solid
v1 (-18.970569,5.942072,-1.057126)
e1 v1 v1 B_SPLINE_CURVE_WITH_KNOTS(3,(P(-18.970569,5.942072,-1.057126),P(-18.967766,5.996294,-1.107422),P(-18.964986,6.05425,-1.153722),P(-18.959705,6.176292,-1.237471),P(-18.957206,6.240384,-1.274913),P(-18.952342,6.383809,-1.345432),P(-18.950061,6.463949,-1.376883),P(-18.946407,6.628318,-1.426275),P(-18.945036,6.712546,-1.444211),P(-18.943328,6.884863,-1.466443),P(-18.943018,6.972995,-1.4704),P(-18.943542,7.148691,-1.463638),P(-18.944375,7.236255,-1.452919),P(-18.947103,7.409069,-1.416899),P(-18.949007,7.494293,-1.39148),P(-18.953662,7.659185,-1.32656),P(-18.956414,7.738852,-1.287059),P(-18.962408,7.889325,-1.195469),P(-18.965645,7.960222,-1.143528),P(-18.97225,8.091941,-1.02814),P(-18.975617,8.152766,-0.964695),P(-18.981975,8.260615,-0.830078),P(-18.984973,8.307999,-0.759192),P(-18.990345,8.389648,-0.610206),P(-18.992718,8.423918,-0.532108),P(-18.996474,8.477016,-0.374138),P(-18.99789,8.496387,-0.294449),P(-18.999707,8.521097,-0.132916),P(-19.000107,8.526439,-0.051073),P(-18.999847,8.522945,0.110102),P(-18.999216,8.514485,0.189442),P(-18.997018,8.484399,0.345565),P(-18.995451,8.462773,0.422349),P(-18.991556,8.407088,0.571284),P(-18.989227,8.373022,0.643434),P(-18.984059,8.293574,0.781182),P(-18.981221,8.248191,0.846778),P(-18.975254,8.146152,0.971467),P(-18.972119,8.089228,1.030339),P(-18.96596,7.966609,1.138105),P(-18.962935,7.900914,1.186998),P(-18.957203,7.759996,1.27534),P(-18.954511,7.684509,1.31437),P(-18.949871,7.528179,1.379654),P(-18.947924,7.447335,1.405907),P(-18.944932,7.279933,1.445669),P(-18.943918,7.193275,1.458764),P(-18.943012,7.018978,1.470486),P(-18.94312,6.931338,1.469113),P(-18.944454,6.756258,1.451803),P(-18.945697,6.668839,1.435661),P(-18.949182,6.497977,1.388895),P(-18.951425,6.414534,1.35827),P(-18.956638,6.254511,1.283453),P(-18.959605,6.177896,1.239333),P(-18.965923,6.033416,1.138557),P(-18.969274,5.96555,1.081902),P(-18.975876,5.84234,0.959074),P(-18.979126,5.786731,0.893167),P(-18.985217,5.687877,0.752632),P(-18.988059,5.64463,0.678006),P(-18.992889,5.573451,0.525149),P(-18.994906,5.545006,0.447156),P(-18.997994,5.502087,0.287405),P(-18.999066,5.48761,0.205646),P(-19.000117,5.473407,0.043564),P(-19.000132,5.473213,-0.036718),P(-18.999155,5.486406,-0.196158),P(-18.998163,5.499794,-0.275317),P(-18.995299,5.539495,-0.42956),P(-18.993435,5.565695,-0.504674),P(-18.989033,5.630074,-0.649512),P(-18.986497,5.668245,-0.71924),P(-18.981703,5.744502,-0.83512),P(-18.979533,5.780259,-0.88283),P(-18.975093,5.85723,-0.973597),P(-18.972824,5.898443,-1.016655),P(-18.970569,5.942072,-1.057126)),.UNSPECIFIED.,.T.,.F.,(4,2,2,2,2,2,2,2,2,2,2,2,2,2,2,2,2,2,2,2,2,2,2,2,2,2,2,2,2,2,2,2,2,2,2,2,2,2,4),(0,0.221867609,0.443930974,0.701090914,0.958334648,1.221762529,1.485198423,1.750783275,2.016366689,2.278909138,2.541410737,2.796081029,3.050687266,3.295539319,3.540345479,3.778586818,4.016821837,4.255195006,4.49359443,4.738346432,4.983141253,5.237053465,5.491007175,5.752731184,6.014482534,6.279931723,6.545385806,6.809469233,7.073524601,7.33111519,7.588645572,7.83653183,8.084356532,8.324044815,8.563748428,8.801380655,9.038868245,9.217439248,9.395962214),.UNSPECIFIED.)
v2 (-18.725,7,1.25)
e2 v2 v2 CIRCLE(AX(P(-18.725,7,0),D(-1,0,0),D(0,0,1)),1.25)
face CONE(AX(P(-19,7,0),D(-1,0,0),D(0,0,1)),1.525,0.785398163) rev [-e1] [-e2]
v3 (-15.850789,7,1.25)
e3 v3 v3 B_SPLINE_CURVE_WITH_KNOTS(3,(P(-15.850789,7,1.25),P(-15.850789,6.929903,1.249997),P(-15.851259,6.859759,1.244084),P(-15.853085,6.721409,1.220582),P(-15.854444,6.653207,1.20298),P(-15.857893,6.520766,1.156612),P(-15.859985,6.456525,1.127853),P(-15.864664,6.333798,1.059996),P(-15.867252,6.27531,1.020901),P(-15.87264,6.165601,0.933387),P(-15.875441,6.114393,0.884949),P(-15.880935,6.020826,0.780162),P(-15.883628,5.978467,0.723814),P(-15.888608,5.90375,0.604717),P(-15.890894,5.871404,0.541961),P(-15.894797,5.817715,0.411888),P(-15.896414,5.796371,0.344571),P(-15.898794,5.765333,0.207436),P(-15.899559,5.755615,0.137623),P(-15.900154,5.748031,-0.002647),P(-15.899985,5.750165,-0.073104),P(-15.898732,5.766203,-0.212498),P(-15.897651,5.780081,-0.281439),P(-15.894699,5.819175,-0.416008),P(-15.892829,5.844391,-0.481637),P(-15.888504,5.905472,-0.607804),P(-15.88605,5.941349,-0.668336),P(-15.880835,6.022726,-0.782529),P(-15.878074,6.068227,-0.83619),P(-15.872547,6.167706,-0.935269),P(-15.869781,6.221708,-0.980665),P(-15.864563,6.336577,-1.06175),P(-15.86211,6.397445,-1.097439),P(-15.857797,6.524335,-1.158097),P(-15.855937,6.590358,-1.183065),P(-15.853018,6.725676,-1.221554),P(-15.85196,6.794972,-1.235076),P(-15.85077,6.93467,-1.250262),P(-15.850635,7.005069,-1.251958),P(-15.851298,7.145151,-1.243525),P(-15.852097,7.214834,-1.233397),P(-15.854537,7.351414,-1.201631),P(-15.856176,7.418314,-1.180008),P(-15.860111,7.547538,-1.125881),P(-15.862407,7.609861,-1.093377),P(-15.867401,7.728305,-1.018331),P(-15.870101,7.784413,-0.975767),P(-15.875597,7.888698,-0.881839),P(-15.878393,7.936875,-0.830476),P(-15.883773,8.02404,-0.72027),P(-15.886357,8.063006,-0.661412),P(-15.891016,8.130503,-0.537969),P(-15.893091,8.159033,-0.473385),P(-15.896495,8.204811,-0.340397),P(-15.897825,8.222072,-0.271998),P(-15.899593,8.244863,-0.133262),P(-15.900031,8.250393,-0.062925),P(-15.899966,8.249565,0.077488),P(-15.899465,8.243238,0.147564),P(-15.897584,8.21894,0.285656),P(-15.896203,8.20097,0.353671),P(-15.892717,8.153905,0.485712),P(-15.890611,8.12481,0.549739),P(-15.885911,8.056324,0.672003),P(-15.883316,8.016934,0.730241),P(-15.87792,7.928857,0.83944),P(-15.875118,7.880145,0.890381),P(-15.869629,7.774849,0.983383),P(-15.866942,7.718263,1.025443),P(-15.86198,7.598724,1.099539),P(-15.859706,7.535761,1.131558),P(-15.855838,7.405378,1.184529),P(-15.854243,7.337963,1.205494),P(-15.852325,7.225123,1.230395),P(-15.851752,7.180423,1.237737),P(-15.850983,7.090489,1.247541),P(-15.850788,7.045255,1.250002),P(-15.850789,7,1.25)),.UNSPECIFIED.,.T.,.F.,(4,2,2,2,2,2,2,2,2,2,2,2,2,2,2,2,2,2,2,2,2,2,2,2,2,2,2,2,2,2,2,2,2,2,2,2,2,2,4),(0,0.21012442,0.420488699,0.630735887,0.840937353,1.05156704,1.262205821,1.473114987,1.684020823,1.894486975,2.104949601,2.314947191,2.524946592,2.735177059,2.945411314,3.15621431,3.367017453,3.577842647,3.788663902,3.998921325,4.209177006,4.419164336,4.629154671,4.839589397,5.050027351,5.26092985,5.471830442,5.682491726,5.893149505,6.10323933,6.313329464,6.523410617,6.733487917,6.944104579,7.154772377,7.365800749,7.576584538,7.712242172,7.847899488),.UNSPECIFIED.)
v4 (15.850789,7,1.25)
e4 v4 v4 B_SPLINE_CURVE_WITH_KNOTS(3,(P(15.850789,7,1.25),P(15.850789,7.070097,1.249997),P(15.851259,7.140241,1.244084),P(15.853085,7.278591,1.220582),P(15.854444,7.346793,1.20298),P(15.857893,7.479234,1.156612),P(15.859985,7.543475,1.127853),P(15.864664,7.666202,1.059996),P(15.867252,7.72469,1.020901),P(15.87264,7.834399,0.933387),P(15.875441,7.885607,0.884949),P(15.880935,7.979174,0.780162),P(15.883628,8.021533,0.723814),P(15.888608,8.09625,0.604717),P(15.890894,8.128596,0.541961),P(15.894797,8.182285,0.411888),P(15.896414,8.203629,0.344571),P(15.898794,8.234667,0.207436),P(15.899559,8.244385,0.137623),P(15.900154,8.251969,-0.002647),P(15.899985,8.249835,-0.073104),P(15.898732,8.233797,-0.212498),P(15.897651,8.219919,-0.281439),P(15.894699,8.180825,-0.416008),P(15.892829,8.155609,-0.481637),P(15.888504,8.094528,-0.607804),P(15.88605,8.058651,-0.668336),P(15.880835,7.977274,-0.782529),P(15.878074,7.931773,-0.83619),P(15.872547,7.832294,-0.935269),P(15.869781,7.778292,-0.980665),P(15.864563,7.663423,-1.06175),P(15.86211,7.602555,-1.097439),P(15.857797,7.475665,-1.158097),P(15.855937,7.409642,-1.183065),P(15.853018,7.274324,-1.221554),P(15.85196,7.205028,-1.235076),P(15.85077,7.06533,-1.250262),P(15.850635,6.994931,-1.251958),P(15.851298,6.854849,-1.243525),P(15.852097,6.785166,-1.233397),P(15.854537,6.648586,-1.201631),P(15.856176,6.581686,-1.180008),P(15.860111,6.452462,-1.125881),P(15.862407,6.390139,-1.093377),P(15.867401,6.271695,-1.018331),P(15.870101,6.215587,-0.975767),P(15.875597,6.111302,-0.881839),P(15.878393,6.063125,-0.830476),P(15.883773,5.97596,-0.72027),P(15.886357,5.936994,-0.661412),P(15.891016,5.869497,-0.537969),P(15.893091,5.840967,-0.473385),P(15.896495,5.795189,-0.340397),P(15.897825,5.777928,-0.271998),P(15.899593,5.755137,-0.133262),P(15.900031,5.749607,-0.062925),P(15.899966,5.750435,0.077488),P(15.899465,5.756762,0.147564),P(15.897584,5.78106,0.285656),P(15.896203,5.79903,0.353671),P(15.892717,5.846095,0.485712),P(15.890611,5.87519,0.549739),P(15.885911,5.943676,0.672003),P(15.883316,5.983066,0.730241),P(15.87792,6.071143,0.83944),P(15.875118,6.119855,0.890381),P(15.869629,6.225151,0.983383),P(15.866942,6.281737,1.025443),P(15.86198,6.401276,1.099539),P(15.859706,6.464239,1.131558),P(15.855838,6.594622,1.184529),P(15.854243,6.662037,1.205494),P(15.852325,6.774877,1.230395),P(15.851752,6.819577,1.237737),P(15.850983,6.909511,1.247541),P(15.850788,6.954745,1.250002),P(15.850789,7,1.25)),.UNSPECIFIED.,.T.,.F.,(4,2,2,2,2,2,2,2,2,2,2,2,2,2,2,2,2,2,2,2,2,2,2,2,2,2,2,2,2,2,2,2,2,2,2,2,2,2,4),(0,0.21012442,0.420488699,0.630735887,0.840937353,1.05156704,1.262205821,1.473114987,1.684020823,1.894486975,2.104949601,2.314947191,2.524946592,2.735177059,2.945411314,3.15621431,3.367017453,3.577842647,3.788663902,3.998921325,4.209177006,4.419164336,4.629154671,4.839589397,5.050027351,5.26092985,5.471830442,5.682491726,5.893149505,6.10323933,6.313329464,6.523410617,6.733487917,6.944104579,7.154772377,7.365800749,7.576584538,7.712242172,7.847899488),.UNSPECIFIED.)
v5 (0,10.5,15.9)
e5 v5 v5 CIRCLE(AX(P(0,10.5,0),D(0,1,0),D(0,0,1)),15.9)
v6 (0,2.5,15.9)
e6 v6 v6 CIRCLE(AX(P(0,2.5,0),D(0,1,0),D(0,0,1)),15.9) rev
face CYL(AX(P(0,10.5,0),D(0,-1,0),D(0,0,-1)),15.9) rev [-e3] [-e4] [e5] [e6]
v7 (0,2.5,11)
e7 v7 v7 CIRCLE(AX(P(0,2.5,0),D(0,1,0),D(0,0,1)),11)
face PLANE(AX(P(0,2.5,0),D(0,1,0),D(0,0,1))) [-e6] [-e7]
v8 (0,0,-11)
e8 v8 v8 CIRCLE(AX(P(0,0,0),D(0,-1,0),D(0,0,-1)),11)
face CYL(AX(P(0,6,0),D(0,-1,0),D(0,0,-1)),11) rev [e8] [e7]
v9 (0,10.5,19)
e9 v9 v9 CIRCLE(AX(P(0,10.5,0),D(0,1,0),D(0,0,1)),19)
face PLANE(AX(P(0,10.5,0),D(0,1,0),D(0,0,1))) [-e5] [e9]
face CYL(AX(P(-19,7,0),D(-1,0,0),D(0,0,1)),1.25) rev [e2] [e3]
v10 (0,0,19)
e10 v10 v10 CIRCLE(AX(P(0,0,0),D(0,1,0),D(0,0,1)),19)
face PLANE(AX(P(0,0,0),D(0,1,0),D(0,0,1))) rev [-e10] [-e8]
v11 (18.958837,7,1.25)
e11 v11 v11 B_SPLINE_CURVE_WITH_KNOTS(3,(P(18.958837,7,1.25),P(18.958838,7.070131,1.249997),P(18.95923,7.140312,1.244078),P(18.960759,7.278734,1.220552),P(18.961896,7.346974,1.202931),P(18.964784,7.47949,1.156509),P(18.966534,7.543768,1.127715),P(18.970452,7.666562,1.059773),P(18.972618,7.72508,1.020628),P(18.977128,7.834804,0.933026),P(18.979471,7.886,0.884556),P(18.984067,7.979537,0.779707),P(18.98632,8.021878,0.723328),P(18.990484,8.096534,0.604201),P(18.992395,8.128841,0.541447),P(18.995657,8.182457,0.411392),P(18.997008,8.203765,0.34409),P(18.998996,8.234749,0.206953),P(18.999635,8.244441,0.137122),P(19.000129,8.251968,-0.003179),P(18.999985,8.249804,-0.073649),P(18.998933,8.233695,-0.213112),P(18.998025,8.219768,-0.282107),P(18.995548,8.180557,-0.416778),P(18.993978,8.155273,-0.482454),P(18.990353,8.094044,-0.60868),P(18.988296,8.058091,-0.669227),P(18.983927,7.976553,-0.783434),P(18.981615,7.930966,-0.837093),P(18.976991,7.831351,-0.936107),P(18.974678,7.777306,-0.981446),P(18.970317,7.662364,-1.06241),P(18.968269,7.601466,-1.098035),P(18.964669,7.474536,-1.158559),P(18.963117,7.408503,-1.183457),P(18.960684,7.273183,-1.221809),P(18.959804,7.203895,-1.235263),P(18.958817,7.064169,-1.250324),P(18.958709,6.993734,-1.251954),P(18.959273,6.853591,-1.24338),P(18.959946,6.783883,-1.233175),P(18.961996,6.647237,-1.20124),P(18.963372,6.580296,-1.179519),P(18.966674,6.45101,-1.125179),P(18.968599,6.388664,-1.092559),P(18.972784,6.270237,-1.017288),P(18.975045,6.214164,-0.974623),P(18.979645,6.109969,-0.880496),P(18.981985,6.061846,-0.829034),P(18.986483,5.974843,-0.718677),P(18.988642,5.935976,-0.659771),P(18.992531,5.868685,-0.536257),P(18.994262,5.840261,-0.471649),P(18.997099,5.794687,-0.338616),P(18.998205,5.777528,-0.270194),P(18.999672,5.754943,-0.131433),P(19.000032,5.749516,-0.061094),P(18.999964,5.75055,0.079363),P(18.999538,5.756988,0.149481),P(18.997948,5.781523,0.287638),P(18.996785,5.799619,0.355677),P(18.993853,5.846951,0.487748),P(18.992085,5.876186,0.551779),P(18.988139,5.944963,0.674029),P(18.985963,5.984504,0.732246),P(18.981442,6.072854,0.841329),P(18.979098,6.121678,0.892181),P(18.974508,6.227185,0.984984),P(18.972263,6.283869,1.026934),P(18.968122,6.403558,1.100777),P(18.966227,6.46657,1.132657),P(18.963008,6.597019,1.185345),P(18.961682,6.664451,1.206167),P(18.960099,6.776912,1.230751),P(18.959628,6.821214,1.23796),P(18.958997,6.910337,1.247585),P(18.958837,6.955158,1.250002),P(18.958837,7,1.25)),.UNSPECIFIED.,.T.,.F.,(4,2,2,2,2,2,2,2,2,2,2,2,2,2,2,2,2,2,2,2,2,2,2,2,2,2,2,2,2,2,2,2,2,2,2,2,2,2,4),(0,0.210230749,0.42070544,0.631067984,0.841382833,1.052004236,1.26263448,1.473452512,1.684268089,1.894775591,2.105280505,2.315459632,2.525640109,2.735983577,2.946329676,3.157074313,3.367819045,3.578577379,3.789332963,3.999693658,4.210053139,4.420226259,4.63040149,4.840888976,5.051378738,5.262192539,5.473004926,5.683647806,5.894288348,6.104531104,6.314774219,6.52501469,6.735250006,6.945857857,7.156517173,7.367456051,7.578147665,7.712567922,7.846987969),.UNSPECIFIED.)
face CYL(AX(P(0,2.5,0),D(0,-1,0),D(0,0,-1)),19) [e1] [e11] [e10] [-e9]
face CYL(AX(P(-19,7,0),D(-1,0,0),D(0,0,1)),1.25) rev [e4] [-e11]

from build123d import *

# Parameters (mm, degrees)
SKETCH_1_R          = 19
EXTRUDE_1_DEPTH     = 2.5
SKETCH_2_R          = 19
SKETCH_2_R_2        = 15.9
EXTRUDE_2_DEPTH     = 8
SKETCH_3_R          = 11
CUT_EXTRUDE_1_DEPTH = 6


with BuildPart() as part:
    # 草图1 → 凸台-拉伸1 (new body)
    with BuildSketch(Plane(origin=(0, 0, 0), x_dir=(1, 0, 0), z_dir=(0, 1, 0))):
        with Locations(Location((0, 0, 0), (0, 0, 270))):
            Circle(SKETCH_1_R)
    extrude(amount=EXTRUDE_1_DEPTH)

    # 草图2 → 凸台-拉伸2 (add)
    with BuildSketch(Plane(origin=(0, 2.5, 0), x_dir=(1, 0, 0), z_dir=(0, 1, 0))):
        with Locations(Location((0, 0, 0), (0, 0, 270))):
            Circle(SKETCH_2_R)
        with Locations(Location((0, 0, 0), (0, 0, 270))):
            Circle(SKETCH_2_R_2, mode=Mode.SUBTRACT)
    extrude(amount=EXTRUDE_2_DEPTH)

    # 草图3 → 切除-拉伸1 (cut)
    with BuildSketch(Plane.XZ):
        with Locations(Location((0, 0, 0), (0, 0, 270))):
            Circle(SKETCH_3_R)
    extrude(amount=-CUT_EXTRUDE_1_DEPTH, mode=Mode.SUBTRACT)

    # 草图10 → M3 螺纹孔1 (revolve, cut)
    with BuildSketch(Plane(origin=(-19, 7, 0), x_dir=(0, 0, 1), z_dir=(0, 1, 0))):
        Polygon((0, 0), (0, 44.651075774), (1.25, 43.9), (1.25, 0.275), (1.525, 0), align=None)
    revolve(axis=Axis((-25.35, 7, 0), (1, 0, 0)), mode=Mode.SUBTRACT)


solid = part.part
